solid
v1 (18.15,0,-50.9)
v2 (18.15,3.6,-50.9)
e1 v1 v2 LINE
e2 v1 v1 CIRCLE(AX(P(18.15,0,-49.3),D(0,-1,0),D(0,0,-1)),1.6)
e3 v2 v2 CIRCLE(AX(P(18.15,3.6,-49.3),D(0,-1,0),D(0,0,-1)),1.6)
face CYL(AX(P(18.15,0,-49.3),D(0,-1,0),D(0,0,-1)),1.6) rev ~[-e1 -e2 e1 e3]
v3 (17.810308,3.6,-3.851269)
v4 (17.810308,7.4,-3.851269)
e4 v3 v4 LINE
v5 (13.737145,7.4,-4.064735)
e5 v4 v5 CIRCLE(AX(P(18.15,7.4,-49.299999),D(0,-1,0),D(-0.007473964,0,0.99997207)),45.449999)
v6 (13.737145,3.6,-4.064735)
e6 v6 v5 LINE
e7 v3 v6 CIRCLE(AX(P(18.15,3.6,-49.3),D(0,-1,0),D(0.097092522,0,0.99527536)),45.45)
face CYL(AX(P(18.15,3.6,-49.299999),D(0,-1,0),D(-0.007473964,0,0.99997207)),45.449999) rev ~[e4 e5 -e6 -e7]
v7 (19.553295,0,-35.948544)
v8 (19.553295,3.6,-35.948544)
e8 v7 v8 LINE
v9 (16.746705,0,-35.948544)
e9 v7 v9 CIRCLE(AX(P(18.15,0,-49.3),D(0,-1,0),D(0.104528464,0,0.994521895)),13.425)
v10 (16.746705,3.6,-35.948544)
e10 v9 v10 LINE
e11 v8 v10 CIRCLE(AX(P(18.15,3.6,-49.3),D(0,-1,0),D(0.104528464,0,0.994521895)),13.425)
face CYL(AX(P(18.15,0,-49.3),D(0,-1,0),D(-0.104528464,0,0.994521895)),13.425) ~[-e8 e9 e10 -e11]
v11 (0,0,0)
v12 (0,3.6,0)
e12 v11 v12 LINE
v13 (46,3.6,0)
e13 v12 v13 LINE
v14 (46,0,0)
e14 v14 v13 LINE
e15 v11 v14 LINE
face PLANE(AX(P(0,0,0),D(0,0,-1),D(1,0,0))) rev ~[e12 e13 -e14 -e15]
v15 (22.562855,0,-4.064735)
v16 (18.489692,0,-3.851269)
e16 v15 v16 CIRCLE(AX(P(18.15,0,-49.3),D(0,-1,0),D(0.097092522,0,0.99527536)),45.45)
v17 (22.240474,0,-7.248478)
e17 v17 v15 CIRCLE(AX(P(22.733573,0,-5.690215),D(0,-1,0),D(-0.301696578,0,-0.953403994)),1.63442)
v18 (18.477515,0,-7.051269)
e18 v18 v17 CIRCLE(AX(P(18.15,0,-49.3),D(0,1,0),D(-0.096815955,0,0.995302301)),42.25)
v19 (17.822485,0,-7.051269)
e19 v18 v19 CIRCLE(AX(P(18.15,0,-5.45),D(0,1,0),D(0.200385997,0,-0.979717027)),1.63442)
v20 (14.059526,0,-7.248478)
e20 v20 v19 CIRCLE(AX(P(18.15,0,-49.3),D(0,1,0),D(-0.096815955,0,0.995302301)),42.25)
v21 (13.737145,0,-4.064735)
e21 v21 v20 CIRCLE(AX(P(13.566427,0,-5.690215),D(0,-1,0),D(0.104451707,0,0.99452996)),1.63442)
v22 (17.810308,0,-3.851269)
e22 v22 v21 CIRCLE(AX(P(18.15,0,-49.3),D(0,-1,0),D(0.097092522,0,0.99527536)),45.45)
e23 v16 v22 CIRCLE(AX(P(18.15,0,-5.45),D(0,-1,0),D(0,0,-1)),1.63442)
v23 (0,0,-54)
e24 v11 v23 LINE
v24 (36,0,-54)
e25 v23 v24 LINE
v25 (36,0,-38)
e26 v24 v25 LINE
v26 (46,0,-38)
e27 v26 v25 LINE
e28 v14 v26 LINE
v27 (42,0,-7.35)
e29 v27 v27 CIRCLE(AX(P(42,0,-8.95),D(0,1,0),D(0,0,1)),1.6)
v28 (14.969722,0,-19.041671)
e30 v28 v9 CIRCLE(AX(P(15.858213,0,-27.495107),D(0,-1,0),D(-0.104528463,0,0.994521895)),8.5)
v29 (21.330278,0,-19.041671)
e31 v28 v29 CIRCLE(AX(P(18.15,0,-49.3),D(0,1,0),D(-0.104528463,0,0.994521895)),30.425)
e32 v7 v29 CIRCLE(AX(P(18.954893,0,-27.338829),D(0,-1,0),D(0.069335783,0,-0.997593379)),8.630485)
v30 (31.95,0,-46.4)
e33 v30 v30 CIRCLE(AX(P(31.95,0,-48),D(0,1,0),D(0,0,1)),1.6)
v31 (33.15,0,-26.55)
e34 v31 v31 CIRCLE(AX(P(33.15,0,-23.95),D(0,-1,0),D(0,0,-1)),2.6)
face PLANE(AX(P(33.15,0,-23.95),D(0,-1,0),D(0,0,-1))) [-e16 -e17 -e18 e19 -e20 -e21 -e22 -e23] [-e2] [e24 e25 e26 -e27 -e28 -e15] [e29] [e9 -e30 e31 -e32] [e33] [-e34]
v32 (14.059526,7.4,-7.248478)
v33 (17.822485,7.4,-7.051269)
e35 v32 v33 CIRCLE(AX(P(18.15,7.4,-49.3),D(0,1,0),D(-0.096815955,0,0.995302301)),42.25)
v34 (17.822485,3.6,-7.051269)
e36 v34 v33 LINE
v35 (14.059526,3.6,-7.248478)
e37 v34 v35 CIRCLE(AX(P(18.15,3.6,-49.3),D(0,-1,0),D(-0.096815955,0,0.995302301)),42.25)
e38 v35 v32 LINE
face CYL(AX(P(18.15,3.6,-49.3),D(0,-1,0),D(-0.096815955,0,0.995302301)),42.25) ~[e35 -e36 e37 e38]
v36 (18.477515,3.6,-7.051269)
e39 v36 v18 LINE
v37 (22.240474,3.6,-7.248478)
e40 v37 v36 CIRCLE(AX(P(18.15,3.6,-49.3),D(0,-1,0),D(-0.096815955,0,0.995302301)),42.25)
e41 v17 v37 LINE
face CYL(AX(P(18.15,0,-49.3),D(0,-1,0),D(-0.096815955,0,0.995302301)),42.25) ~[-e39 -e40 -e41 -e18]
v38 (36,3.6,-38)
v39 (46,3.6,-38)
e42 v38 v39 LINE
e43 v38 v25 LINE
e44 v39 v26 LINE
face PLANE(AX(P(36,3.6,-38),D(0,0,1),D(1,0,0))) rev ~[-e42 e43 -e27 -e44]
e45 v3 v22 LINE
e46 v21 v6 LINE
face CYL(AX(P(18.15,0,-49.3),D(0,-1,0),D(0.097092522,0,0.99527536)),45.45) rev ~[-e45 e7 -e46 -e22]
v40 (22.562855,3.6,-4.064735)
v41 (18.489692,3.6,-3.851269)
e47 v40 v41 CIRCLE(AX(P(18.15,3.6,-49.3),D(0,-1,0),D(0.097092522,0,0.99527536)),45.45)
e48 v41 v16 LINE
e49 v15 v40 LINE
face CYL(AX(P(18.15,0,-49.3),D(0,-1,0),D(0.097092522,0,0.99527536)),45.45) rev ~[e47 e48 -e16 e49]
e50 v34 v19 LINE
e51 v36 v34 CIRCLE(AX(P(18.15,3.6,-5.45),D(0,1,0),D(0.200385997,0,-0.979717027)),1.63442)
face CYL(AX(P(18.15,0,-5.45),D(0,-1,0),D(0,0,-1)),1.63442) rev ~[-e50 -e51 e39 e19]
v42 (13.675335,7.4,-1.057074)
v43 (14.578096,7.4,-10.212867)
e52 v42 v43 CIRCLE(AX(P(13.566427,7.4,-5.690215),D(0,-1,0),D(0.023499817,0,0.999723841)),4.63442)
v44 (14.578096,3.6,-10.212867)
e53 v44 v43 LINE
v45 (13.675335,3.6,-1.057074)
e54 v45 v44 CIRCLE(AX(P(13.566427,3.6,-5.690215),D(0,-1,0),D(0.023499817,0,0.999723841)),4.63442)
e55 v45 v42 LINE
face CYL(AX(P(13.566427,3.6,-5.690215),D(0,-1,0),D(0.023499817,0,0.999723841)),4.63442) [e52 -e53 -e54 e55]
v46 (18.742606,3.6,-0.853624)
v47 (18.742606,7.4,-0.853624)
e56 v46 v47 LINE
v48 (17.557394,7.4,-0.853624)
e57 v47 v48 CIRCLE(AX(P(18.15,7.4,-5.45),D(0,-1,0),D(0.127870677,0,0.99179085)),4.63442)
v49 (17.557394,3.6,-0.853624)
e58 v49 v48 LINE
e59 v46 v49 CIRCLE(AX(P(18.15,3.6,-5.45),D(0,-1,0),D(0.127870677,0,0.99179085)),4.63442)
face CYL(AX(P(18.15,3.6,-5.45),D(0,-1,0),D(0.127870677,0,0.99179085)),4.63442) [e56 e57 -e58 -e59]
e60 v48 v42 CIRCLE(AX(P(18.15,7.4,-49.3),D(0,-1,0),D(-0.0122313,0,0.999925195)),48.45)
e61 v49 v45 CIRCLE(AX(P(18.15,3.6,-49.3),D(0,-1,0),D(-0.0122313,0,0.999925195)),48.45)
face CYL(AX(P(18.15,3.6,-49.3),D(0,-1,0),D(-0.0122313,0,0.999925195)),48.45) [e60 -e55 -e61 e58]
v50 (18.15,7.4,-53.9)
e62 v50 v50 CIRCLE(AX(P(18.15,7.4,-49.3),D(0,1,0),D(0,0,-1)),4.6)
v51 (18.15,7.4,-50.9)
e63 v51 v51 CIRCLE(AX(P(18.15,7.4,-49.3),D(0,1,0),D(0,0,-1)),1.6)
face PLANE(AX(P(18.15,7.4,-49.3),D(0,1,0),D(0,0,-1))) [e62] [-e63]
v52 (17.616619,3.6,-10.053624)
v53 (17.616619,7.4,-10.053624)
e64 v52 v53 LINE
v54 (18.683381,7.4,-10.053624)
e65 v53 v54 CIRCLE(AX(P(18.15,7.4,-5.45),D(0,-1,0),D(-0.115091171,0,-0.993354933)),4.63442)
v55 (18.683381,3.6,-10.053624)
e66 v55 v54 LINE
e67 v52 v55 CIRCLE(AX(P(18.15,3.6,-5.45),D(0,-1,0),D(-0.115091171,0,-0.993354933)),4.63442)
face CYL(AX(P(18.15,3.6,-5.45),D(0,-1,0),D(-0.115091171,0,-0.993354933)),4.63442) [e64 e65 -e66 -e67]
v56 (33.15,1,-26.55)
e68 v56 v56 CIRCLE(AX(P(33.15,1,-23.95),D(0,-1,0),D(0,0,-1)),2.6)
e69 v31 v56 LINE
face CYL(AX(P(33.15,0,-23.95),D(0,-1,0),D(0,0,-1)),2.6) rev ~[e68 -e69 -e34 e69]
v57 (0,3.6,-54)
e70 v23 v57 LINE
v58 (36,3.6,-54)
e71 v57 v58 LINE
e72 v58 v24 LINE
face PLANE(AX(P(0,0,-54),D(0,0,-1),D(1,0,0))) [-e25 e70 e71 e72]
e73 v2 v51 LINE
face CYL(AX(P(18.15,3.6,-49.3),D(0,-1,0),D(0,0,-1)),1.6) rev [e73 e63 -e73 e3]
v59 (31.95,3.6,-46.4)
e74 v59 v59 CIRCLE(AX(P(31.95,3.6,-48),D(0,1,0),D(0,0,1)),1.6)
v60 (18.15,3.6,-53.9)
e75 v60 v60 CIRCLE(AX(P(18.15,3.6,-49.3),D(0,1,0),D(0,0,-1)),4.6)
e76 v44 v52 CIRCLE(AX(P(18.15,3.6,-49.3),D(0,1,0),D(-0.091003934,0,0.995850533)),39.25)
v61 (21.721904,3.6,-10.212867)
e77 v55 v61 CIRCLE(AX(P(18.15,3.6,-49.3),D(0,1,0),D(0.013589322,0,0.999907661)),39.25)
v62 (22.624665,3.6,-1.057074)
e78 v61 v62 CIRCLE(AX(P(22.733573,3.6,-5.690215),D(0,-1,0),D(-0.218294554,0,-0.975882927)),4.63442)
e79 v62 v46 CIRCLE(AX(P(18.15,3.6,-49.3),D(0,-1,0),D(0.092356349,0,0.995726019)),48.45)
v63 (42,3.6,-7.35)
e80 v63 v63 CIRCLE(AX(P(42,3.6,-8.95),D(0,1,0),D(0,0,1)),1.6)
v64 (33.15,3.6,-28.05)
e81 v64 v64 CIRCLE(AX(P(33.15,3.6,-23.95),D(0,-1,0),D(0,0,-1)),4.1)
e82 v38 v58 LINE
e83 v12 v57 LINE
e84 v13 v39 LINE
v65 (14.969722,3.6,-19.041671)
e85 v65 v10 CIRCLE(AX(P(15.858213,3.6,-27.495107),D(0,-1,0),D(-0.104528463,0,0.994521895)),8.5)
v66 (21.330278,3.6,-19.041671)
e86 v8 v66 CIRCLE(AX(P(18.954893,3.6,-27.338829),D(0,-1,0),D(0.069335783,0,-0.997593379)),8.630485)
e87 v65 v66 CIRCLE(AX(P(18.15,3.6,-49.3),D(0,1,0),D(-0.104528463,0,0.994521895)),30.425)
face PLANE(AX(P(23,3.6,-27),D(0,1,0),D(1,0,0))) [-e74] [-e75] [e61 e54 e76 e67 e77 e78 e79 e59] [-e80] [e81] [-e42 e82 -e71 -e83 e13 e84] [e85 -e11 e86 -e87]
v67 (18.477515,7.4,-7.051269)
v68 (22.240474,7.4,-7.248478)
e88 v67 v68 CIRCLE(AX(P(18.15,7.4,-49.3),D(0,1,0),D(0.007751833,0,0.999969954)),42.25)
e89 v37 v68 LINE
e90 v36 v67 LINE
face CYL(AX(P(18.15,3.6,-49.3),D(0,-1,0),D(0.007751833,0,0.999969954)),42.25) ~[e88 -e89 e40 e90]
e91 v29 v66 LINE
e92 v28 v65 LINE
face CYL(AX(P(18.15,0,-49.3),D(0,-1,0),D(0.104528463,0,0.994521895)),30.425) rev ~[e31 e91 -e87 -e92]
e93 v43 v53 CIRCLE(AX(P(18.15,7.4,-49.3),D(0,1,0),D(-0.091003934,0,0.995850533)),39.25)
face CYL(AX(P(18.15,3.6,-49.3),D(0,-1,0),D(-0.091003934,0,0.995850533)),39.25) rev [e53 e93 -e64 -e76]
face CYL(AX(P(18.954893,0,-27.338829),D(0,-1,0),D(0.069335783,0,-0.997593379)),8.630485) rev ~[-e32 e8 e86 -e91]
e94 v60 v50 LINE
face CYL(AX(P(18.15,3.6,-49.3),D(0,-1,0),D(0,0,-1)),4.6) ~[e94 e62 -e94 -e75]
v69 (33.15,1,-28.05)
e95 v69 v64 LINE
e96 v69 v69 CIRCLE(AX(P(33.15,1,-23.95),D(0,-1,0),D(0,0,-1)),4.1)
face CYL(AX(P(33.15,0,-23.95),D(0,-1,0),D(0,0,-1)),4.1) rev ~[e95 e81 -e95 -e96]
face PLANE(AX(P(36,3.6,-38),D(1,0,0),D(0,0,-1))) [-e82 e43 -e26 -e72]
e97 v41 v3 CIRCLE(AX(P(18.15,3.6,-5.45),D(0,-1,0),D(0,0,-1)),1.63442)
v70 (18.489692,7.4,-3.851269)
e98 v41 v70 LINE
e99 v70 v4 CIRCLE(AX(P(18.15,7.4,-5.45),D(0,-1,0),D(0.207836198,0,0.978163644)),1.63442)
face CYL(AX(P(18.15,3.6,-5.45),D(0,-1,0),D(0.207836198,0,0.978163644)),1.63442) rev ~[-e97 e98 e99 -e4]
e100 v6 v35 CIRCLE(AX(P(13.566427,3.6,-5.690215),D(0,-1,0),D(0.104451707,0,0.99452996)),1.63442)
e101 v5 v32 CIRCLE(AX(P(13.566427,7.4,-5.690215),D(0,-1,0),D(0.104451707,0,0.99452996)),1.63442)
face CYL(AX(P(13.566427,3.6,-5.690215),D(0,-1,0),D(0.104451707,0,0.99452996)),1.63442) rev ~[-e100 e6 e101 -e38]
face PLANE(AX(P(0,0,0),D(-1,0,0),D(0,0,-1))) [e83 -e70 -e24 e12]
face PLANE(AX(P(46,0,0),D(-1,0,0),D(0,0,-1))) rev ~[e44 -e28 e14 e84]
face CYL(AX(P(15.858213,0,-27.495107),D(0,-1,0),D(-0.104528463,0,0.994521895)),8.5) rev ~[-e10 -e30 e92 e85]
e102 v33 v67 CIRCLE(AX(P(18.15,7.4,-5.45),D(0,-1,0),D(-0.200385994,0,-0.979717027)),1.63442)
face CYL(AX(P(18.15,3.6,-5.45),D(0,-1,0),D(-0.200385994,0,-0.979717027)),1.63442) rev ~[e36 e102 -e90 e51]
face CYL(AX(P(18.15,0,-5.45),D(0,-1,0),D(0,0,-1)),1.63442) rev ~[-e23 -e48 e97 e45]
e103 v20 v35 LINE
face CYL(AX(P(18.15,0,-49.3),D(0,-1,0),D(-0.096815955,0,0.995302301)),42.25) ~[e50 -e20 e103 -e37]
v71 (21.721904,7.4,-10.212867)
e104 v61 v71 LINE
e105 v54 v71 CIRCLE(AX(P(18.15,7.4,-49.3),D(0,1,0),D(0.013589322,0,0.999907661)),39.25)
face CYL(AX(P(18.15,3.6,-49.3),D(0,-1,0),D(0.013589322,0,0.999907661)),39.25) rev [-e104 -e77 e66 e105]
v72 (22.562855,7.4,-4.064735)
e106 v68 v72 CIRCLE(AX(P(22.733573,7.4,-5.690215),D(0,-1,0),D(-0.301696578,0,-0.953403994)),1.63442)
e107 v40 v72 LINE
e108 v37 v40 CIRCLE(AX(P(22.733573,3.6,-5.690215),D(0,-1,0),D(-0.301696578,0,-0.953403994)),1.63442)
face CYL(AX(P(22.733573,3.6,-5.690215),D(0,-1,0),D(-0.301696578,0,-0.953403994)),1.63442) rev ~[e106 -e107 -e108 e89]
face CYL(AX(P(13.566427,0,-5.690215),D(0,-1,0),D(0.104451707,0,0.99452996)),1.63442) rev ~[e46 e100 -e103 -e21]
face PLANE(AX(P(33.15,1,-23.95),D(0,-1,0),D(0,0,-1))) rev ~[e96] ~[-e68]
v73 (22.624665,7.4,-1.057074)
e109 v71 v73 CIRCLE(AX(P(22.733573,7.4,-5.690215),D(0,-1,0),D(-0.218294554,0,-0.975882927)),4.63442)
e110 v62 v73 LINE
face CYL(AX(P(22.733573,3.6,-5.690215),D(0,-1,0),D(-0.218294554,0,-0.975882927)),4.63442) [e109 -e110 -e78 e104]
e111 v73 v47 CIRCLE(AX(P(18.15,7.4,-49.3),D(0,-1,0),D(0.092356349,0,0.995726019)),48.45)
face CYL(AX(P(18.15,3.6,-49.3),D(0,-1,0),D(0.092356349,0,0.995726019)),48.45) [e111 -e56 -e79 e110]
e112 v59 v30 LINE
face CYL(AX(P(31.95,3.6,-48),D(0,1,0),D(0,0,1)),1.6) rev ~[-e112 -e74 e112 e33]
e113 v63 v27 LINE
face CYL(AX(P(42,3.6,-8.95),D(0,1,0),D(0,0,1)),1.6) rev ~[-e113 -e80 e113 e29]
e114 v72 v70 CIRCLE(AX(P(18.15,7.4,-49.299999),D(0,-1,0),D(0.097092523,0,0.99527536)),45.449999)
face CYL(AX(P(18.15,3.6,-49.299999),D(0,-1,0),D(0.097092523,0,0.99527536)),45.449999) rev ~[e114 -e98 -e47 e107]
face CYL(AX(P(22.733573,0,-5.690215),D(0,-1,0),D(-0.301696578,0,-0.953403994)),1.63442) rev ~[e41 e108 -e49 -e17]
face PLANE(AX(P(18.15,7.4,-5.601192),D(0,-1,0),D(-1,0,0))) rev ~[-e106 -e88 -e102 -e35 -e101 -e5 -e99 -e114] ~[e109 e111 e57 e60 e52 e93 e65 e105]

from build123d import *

# Parameters (mm, degrees)
SKETCH_1_W          = 46
SKETCH_1_H          = 54
EXTRUDE_1_DEPTH     = 3.6
SKETCH_2_R          = 1.6
SKETCH_2_R_2        = 1.634420344
SKETCH_2_R_3        = 8.5
SKETCH_2_R_4        = 4.1
CUT_EXTRUDE_1_DEPTH = 3.6
SKETCH_4_R          = 4.1
SKETCH_4_R_2        = 2.6
EXTRUDE_2_DEPTH     = 1
SKETCH_5_W          = 10
SKETCH_5_H          = 16
CUT_EXTRUDE_2_DEPTH = 4
CUT_EXTRUDE_3_DEPTH = 10
SKETCH_7_R          = 4.6
SKETCH_7_R_2        = 1.6
EXTRUDE_3_DEPTH     = 3.8
SKETCH_10_R         = 1.6
CUT_EXTRUDE_6_DEPTH = 72.038299529
SKETCH_11_R         = 1.6
CUT_EXTRUDE_7_DEPTH = 72.038299529


with BuildPart() as part:
    # 草图1 → 凸台-拉伸1 (new body)
    with BuildSketch(Plane(origin=(0, 0, 0), x_dir=(1, 0, 0), z_dir=(0, 1, 0))):
        with Locations((23, 27)):
            Rectangle(SKETCH_1_W, SKETCH_1_H)
    extrude(amount=EXTRUDE_1_DEPTH)

    # 草图2 → 切除-拉伸1 (cut)
    with BuildSketch(Plane(origin=(0, 0, 0), x_dir=(-1, 0, 0), z_dir=(0, -1, 0))):
        with Locations(Location((-18.15, 49.3, 0), (0, 0, 90))):
            Circle(SKETCH_2_R)
        with Locations(Location((-18.15, 5.45, 0), (0, 0, 90))):
            Circle(SKETCH_2_R_2)
        with Locations(Location((-18.15, 27.375, 0), (0, 0, 90))):
            Circle(SKETCH_2_R_3)
        with Locations(Location((-33.15, 23.95, 0), (0, 0, 90))):
            Circle(SKETCH_2_R_4)
    extrude(amount=-CUT_EXTRUDE_1_DEPTH, mode=Mode.SUBTRACT)

    # 草图4 → 凸台-拉伸2 (add)
    with BuildSketch(Plane(origin=(0, 0, 0), x_dir=(-1, 0, 0), z_dir=(0, -1, 0))):
        with Locations(Location((-33.15, 23.95, 0), (0, 0, 90))):
            Circle(SKETCH_4_R)
        with Locations(Location((-33.15, 23.95, 0), (0, 0, 90))):
            Circle(SKETCH_4_R_2, mode=Mode.SUBTRACT)
    extrude(amount=-EXTRUDE_2_DEPTH)

    # 草图5 → 切除-拉伸2 (cut)
    with BuildSketch(Plane(origin=(0, 3.6, 0), x_dir=(1, 0, 0), z_dir=(0, 1, 0))):
        with Locations((41, 46)):
            Rectangle(SKETCH_5_W, SKETCH_5_H)
    extrude(amount=-CUT_EXTRUDE_2_DEPTH, mode=Mode.SUBTRACT)

    # 草图6 → 切除-拉伸3 (cut)
    with BuildSketch(Plane(origin=(0, 0, 0), x_dir=(-1, 0, 0), z_dir=(0, -1, 0))):
        with BuildLine():
            ThreePointArc((-22.56285512, 4.064734889), (-18.15, 3.85), (-13.73714488, 4.064734889))
            ThreePointArc((-13.73714488, 4.064734889), (-11.94032174, 5.854871857), (-14.05952591, 7.248477772))
            ThreePointArc((-14.05952591, 7.248477772), (-18.15, 7.05), (-22.24047409, 7.248477772))
            ThreePointArc((-22.24047409, 7.248477772), (-24.35967826, 5.854871857), (-22.56285512, 4.064734889))
        make_face()
        with BuildLine():
            ThreePointArc((-21.330278495, 19.041671333), (-18.15, 18.875), (-14.969721505, 19.041671333))
            ThreePointArc((-14.969721505, 19.041671333), (-7.404777332, 28.383599382), (-16.746705381, 35.948543555))
            ThreePointArc((-16.746705381, 35.948543555), (-18.15, 35.875), (-19.553294619, 35.948543555))
            ThreePointArc((-19.553294619, 35.948543555), (-27.538099682, 28.240960008), (-21.330278495, 19.041671333))
        make_face()
    extrude(amount=-CUT_EXTRUDE_3_DEPTH, mode=Mode.SUBTRACT)

    # 草图7 → 凸台-拉伸3 (add)
    # profile 1 of 2: a face of its own
    with BuildSketch(Plane(origin=(0, 3.6, 0), x_dir=(1, 0, 0), z_dir=(0, 1, 0))):
        with Locations(Location((18.15, 49.3, 0), (0, 0, 90))):
            Circle(SKETCH_7_R)
        with Locations(Location((18.15, 49.3, 0), (0, 0, 90))):
            Circle(SKETCH_7_R_2, mode=Mode.SUBTRACT)
    # profile 2 of 2: a face of its own
    with BuildSketch(Plane(origin=(0, 3.6, 0), x_dir=(1, 0, 0), z_dir=(0, 1, 0))):
        with BuildLine():
            ThreePointArc((18.683380864, 10.053624309), (20.204186283, 10.103790761), (21.721904392, 10.21286658))
            ThreePointArc((21.721904392, 10.21286658), (27.345628596, 6.144963348), (22.624665084, 1.05707438))
            ThreePointArc((22.624665084, 1.05707438), (20.68567708, 0.916399041), (18.742606478, 0.853624309))
            ThreePointArc((18.742606478, 0.853624309), (18.15, 0.815579656), (17.557393522, 0.853624309))
            ThreePointArc((17.557393522, 0.853624309), (15.61432292, 0.916399041), (13.675334916, 1.05707438))
            ThreePointArc((13.675334916, 1.05707438), (8.954371404, 6.144963348), (14.578095608, 10.21286658))
            ThreePointArc((14.578095608, 10.21286658), (16.095813717, 10.103790761), (17.616619136, 10.053624309))
            ThreePointArc((17.616619136, 10.053624309), (18.15, 10.084420344), (18.683380864, 10.053624309))
        make_face()
        with BuildLine():
            ThreePointArc((18.477514951, 7.05126944), (20.361194151, 7.107902157), (22.24047409, 7.248477772))
            ThreePointArc((22.24047409, 7.248477772), (24.35967826, 5.854871857), (22.56285512, 4.064734889))
            ThreePointArc((22.56285512, 4.064734889), (20.528669211, 3.912287645), (18.489691709, 3.85126944))
            ThreePointArc((18.489691709, 3.85126944), (18.15, 3.815579656), (17.810308291, 3.85126944))
            ThreePointArc((17.810308291, 3.85126944), (15.771330789, 3.912287645), (13.73714488, 4.064734889))
            ThreePointArc((13.73714488, 4.064734889), (11.94032174, 5.854871857), (14.05952591, 7.248477772))
            ThreePointArc((14.05952591, 7.248477772), (15.938805849, 7.107902157), (17.822485049, 7.05126944))
            ThreePointArc((17.822485049, 7.05126944), (18.15, 7.084420344), (18.477514951, 7.05126944))
        make_face(mode=Mode.SUBTRACT)
    extrude(amount=EXTRUDE_3_DEPTH)

    # 草图10 → 切除-拉伸6 (cut, through all)
    with BuildSketch(Plane(origin=(0, 3.6, 0), x_dir=(1, 0, 0), z_dir=(0, 1, 0))):
        with Locations(Location((42, 8.95, 0), (0, 0, 270))):
            Circle(SKETCH_10_R)
    extrude(amount=-CUT_EXTRUDE_6_DEPTH, mode=Mode.SUBTRACT)

    # 草图11 → 切除-拉伸7 (cut, through all)
    with BuildSketch(Plane(origin=(0, 3.6, 0), x_dir=(1, 0, 0), z_dir=(0, 1, 0))):
        with Locations(Location((31.95, 48, 0), (0, 0, 270))):
            Circle(SKETCH_11_R)
    extrude(amount=-CUT_EXTRUDE_7_DEPTH, mode=Mode.SUBTRACT)


solid = part.part
